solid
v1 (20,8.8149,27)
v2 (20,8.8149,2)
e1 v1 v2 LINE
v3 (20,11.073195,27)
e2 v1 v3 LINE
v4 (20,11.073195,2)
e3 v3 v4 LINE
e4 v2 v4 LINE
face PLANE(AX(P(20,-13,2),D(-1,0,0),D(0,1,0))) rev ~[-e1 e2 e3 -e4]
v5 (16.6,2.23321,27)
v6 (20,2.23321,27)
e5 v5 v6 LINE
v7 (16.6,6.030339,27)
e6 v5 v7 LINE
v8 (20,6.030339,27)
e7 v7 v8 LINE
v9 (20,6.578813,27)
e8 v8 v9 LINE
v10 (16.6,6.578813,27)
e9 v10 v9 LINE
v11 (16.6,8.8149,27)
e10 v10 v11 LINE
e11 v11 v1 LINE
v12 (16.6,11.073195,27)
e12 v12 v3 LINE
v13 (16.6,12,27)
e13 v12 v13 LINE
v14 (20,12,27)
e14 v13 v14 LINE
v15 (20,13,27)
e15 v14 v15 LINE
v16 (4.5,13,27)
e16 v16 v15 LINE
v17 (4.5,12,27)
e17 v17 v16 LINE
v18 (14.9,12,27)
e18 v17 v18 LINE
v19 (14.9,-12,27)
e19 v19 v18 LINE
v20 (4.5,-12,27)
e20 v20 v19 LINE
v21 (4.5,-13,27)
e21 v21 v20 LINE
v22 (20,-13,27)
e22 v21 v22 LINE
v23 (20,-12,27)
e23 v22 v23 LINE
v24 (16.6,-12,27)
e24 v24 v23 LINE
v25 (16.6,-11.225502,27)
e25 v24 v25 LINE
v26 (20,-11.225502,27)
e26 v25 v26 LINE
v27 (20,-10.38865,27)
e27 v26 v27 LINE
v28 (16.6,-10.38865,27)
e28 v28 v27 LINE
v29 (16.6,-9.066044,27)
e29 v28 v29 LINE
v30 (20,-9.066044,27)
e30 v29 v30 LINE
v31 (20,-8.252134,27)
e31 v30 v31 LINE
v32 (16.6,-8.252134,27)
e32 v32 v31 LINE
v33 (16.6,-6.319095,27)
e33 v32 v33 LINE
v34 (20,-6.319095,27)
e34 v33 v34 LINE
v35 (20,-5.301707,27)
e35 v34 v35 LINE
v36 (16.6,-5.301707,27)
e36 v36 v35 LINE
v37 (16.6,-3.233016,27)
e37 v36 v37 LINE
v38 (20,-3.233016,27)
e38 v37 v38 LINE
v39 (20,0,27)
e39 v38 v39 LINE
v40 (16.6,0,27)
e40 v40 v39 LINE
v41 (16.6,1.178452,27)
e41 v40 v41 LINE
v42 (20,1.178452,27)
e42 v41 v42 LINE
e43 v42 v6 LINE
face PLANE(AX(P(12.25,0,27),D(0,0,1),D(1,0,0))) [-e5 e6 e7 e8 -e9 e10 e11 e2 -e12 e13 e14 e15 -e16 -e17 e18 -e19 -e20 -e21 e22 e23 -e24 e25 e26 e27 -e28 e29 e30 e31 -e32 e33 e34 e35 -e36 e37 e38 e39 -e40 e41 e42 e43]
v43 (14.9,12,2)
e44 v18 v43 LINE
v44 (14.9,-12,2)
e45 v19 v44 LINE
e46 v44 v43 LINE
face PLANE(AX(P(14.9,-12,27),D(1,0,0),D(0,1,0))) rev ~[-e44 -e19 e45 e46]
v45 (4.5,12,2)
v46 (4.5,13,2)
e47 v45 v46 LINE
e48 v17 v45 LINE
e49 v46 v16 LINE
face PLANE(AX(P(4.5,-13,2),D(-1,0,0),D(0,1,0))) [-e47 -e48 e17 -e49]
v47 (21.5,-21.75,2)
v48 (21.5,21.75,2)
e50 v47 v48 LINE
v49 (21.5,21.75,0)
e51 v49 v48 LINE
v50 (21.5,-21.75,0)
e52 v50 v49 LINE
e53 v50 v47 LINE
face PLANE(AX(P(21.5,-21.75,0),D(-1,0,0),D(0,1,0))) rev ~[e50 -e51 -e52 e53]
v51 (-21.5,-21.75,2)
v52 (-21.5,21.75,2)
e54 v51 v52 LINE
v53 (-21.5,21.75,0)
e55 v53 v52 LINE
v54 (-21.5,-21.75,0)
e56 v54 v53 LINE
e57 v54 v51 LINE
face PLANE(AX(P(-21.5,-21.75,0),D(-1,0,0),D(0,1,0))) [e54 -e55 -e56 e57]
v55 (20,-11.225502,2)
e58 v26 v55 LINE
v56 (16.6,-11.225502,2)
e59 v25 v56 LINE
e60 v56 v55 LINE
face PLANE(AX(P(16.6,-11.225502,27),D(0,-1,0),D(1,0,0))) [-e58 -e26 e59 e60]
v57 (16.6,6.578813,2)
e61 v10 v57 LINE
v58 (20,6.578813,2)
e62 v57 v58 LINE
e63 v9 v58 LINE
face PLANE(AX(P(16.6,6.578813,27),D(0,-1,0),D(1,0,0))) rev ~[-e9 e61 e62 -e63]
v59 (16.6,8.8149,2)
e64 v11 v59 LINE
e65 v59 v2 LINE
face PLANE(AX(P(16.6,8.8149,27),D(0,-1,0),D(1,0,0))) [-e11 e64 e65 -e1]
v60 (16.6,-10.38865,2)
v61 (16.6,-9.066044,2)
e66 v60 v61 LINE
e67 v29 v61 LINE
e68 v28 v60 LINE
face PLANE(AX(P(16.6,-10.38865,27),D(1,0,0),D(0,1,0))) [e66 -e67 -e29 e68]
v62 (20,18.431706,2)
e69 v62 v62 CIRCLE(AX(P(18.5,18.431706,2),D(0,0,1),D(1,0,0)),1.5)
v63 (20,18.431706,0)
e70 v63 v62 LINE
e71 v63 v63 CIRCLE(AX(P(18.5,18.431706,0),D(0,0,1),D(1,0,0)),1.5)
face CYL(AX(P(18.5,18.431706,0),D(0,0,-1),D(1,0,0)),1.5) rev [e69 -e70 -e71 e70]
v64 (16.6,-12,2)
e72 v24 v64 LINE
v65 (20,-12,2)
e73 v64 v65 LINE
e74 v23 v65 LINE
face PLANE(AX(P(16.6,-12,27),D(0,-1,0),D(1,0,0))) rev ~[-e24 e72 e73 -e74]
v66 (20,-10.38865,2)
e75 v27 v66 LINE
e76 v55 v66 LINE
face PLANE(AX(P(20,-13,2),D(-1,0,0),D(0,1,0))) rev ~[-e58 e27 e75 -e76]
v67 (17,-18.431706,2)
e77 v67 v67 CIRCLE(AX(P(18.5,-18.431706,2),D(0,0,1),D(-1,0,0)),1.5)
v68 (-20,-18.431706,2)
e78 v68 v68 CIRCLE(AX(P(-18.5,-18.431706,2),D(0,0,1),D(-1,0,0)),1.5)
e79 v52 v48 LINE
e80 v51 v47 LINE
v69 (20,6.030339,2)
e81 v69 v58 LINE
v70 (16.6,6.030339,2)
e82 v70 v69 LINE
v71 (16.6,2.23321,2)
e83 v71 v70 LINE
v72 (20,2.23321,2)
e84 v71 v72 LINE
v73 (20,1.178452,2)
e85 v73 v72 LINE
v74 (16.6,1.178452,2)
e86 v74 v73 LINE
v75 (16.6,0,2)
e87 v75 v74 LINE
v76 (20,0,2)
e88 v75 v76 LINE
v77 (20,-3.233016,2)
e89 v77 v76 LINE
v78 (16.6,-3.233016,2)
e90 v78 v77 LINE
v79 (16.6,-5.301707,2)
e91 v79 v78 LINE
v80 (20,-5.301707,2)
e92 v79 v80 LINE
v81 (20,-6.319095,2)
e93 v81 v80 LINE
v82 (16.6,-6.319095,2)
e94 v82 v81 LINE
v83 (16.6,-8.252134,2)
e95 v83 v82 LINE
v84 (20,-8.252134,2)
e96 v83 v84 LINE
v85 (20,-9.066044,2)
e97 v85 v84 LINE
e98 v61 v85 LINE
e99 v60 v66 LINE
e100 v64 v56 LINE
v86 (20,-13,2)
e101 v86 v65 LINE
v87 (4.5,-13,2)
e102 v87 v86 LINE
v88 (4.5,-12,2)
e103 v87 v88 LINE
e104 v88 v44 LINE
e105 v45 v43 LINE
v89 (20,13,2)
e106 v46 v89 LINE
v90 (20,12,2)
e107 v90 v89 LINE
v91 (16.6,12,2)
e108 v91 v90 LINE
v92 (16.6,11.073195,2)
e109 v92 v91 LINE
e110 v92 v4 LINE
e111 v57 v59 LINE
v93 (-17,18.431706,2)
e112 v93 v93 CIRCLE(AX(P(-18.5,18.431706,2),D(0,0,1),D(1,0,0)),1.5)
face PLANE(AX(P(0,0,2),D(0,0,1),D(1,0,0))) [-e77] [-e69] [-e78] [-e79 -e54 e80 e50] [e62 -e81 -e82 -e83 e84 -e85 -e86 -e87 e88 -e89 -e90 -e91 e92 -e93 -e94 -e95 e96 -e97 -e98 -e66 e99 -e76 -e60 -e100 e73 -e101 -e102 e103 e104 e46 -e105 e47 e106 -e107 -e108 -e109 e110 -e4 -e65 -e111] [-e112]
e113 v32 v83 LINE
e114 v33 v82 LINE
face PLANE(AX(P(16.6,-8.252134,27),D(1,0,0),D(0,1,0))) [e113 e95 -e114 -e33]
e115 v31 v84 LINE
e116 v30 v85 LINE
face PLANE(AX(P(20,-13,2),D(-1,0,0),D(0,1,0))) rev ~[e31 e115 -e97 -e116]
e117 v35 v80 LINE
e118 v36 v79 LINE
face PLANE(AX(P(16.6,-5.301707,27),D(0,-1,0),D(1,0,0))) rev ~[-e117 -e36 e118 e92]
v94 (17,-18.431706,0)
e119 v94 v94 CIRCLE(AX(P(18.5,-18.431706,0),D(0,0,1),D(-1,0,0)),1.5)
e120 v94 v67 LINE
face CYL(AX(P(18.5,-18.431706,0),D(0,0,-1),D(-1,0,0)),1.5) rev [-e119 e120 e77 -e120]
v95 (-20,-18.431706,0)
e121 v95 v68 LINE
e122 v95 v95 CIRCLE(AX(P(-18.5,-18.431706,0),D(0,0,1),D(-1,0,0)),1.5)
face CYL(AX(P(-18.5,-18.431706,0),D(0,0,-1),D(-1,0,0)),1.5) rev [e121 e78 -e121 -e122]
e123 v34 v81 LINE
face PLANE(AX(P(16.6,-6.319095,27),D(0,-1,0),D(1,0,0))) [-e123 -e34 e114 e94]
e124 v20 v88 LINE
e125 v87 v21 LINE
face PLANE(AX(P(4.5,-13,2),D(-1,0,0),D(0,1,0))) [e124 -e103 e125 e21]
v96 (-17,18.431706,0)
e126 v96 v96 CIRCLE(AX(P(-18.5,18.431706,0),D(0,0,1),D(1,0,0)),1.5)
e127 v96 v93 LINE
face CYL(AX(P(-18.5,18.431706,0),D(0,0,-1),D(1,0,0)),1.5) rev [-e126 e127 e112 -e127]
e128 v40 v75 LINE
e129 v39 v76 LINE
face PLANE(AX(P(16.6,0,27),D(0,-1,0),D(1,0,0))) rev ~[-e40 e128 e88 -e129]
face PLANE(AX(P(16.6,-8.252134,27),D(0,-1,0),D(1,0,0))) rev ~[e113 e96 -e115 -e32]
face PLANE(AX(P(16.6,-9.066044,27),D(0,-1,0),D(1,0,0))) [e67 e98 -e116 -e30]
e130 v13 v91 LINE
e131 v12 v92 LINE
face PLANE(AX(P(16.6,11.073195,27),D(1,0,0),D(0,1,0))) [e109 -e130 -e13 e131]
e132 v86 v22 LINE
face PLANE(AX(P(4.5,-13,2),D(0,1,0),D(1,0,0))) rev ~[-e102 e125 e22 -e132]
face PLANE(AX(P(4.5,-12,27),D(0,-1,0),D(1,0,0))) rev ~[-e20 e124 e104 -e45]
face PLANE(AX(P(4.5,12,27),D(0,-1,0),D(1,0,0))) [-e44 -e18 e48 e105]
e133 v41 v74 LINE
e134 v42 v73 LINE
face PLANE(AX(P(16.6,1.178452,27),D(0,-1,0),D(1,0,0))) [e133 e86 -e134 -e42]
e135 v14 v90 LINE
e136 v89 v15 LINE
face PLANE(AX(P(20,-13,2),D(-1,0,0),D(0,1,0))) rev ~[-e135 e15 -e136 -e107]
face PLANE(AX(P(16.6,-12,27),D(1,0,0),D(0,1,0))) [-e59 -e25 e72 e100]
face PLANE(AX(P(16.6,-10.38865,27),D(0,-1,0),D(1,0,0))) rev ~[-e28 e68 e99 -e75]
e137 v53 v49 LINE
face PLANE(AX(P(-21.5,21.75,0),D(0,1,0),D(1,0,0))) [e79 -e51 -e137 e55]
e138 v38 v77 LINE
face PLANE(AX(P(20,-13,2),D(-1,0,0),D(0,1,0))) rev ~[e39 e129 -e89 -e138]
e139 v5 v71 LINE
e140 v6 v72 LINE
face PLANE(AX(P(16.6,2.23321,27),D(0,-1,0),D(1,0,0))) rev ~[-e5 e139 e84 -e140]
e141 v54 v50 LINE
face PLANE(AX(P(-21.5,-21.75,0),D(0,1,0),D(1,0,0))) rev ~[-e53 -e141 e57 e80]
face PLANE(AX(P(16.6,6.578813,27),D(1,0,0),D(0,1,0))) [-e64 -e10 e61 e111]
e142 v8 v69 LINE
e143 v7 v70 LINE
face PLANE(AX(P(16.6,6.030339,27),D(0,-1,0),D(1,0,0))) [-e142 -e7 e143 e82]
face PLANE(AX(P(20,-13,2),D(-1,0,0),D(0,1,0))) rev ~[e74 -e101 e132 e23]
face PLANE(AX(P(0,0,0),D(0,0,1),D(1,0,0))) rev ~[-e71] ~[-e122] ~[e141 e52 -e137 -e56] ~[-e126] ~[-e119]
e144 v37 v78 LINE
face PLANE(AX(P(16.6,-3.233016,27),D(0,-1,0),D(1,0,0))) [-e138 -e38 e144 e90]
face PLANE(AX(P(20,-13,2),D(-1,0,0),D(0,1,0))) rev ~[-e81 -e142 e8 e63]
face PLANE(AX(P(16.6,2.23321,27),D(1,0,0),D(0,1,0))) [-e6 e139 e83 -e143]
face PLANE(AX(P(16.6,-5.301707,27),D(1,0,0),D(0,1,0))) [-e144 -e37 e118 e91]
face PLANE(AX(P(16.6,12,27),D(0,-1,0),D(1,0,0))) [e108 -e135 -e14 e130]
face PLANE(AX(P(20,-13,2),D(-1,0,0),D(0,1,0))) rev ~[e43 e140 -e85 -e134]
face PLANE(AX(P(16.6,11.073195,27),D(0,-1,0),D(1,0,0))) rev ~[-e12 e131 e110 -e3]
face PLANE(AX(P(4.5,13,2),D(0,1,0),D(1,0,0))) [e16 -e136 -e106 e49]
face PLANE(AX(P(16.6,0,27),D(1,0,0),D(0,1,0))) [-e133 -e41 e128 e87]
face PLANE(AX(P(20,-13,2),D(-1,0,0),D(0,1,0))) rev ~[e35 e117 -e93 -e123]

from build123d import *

# Parameters (mm, degrees)
SKETCH_1_W          = 43
SKETCH_1_H          = 43.5
SKETCH_1_R          = 1.5
EXTRUDE_1_DEPTH     = 2
SKETCH_2_W          = 15.5
SKETCH_2_H          = 26
EXTRUDE_2_DEPTH     = 25
SKETCH_3_W          = 10.4
SKETCH_3_H          = 24
SKETCH_3_W_2        = 3.4
SKETCH_3_H_2        = 0.926804748
SKETCH_3_H_3        = 0.774498031
SKETCH_3_H_4        = 2.236086948
SKETCH_3_H_5        = 3.79712878
SKETCH_3_H_6        = 1.178452045
SKETCH_3_H_7        = 1.322605193
SKETCH_3_H_8        = 1.93303836
SKETCH_3_H_9        = 2.068690175
CUT_EXTRUDE_1_DEPTH = 25


with BuildPart() as part:
    # 草图1 → 凸台-拉伸1 (new body)
    with BuildSketch(Plane.XY):
        Rectangle(SKETCH_1_W, SKETCH_1_H)
        with Locations((-18.5, 18.431705674)):
            Circle(SKETCH_1_R, mode=Mode.SUBTRACT)
        with Locations(Location((18.5, -18.431705674, 0), (0, 0, 180))):
            Circle(SKETCH_1_R, mode=Mode.SUBTRACT)
        with Locations(Location((-18.5, -18.431705674, 0), (0, 0, 180))):
            Circle(SKETCH_1_R, mode=Mode.SUBTRACT)
        with Locations((18.5, 18.431705674)):
            Circle(SKETCH_1_R, mode=Mode.SUBTRACT)
    extrude(amount=EXTRUDE_1_DEPTH)

    # 草图2 → 凸台-拉伸2 (add)
    with BuildSketch(Plane.XY.offset(2)):
        with Locations((12.25, 0)):
            Rectangle(SKETCH_2_W, SKETCH_2_H)
    extrude(amount=EXTRUDE_2_DEPTH)

    # 草图3 → 切除-拉伸1 (cut)
    with BuildSketch(Plane.XY.offset(27)):
        with Locations((9.7, 0)):
            Rectangle(SKETCH_3_W, SKETCH_3_H)
        with Locations((18.3, 11.536597626)):
            Rectangle(SKETCH_3_W_2, SKETCH_3_H_2)
        with Locations((18.3, -11.612750984)):
            Rectangle(SKETCH_3_W_2, SKETCH_3_H_3)
        with Locations((18.3, 7.69685645)):
            Rectangle(SKETCH_3_W_2, SKETCH_3_H_4)
        with Locations((18.3, 4.131774429)):
            Rectangle(SKETCH_3_W_2, SKETCH_3_H_5)
        with Locations((18.3, 0.589226023)):
            Rectangle(SKETCH_3_W_2, SKETCH_3_H_6)
        with Locations((18.3, -9.727346991)):
            Rectangle(SKETCH_3_W_2, SKETCH_3_H_7)
        with Locations((18.3, -7.285614326)):
            Rectangle(SKETCH_3_W_2, SKETCH_3_H_8)
        with Locations((18.3, -4.267361447)):
            Rectangle(SKETCH_3_W_2, SKETCH_3_H_9)
    extrude(amount=-CUT_EXTRUDE_1_DEPTH, mode=Mode.SUBTRACT)


solid = part.part
